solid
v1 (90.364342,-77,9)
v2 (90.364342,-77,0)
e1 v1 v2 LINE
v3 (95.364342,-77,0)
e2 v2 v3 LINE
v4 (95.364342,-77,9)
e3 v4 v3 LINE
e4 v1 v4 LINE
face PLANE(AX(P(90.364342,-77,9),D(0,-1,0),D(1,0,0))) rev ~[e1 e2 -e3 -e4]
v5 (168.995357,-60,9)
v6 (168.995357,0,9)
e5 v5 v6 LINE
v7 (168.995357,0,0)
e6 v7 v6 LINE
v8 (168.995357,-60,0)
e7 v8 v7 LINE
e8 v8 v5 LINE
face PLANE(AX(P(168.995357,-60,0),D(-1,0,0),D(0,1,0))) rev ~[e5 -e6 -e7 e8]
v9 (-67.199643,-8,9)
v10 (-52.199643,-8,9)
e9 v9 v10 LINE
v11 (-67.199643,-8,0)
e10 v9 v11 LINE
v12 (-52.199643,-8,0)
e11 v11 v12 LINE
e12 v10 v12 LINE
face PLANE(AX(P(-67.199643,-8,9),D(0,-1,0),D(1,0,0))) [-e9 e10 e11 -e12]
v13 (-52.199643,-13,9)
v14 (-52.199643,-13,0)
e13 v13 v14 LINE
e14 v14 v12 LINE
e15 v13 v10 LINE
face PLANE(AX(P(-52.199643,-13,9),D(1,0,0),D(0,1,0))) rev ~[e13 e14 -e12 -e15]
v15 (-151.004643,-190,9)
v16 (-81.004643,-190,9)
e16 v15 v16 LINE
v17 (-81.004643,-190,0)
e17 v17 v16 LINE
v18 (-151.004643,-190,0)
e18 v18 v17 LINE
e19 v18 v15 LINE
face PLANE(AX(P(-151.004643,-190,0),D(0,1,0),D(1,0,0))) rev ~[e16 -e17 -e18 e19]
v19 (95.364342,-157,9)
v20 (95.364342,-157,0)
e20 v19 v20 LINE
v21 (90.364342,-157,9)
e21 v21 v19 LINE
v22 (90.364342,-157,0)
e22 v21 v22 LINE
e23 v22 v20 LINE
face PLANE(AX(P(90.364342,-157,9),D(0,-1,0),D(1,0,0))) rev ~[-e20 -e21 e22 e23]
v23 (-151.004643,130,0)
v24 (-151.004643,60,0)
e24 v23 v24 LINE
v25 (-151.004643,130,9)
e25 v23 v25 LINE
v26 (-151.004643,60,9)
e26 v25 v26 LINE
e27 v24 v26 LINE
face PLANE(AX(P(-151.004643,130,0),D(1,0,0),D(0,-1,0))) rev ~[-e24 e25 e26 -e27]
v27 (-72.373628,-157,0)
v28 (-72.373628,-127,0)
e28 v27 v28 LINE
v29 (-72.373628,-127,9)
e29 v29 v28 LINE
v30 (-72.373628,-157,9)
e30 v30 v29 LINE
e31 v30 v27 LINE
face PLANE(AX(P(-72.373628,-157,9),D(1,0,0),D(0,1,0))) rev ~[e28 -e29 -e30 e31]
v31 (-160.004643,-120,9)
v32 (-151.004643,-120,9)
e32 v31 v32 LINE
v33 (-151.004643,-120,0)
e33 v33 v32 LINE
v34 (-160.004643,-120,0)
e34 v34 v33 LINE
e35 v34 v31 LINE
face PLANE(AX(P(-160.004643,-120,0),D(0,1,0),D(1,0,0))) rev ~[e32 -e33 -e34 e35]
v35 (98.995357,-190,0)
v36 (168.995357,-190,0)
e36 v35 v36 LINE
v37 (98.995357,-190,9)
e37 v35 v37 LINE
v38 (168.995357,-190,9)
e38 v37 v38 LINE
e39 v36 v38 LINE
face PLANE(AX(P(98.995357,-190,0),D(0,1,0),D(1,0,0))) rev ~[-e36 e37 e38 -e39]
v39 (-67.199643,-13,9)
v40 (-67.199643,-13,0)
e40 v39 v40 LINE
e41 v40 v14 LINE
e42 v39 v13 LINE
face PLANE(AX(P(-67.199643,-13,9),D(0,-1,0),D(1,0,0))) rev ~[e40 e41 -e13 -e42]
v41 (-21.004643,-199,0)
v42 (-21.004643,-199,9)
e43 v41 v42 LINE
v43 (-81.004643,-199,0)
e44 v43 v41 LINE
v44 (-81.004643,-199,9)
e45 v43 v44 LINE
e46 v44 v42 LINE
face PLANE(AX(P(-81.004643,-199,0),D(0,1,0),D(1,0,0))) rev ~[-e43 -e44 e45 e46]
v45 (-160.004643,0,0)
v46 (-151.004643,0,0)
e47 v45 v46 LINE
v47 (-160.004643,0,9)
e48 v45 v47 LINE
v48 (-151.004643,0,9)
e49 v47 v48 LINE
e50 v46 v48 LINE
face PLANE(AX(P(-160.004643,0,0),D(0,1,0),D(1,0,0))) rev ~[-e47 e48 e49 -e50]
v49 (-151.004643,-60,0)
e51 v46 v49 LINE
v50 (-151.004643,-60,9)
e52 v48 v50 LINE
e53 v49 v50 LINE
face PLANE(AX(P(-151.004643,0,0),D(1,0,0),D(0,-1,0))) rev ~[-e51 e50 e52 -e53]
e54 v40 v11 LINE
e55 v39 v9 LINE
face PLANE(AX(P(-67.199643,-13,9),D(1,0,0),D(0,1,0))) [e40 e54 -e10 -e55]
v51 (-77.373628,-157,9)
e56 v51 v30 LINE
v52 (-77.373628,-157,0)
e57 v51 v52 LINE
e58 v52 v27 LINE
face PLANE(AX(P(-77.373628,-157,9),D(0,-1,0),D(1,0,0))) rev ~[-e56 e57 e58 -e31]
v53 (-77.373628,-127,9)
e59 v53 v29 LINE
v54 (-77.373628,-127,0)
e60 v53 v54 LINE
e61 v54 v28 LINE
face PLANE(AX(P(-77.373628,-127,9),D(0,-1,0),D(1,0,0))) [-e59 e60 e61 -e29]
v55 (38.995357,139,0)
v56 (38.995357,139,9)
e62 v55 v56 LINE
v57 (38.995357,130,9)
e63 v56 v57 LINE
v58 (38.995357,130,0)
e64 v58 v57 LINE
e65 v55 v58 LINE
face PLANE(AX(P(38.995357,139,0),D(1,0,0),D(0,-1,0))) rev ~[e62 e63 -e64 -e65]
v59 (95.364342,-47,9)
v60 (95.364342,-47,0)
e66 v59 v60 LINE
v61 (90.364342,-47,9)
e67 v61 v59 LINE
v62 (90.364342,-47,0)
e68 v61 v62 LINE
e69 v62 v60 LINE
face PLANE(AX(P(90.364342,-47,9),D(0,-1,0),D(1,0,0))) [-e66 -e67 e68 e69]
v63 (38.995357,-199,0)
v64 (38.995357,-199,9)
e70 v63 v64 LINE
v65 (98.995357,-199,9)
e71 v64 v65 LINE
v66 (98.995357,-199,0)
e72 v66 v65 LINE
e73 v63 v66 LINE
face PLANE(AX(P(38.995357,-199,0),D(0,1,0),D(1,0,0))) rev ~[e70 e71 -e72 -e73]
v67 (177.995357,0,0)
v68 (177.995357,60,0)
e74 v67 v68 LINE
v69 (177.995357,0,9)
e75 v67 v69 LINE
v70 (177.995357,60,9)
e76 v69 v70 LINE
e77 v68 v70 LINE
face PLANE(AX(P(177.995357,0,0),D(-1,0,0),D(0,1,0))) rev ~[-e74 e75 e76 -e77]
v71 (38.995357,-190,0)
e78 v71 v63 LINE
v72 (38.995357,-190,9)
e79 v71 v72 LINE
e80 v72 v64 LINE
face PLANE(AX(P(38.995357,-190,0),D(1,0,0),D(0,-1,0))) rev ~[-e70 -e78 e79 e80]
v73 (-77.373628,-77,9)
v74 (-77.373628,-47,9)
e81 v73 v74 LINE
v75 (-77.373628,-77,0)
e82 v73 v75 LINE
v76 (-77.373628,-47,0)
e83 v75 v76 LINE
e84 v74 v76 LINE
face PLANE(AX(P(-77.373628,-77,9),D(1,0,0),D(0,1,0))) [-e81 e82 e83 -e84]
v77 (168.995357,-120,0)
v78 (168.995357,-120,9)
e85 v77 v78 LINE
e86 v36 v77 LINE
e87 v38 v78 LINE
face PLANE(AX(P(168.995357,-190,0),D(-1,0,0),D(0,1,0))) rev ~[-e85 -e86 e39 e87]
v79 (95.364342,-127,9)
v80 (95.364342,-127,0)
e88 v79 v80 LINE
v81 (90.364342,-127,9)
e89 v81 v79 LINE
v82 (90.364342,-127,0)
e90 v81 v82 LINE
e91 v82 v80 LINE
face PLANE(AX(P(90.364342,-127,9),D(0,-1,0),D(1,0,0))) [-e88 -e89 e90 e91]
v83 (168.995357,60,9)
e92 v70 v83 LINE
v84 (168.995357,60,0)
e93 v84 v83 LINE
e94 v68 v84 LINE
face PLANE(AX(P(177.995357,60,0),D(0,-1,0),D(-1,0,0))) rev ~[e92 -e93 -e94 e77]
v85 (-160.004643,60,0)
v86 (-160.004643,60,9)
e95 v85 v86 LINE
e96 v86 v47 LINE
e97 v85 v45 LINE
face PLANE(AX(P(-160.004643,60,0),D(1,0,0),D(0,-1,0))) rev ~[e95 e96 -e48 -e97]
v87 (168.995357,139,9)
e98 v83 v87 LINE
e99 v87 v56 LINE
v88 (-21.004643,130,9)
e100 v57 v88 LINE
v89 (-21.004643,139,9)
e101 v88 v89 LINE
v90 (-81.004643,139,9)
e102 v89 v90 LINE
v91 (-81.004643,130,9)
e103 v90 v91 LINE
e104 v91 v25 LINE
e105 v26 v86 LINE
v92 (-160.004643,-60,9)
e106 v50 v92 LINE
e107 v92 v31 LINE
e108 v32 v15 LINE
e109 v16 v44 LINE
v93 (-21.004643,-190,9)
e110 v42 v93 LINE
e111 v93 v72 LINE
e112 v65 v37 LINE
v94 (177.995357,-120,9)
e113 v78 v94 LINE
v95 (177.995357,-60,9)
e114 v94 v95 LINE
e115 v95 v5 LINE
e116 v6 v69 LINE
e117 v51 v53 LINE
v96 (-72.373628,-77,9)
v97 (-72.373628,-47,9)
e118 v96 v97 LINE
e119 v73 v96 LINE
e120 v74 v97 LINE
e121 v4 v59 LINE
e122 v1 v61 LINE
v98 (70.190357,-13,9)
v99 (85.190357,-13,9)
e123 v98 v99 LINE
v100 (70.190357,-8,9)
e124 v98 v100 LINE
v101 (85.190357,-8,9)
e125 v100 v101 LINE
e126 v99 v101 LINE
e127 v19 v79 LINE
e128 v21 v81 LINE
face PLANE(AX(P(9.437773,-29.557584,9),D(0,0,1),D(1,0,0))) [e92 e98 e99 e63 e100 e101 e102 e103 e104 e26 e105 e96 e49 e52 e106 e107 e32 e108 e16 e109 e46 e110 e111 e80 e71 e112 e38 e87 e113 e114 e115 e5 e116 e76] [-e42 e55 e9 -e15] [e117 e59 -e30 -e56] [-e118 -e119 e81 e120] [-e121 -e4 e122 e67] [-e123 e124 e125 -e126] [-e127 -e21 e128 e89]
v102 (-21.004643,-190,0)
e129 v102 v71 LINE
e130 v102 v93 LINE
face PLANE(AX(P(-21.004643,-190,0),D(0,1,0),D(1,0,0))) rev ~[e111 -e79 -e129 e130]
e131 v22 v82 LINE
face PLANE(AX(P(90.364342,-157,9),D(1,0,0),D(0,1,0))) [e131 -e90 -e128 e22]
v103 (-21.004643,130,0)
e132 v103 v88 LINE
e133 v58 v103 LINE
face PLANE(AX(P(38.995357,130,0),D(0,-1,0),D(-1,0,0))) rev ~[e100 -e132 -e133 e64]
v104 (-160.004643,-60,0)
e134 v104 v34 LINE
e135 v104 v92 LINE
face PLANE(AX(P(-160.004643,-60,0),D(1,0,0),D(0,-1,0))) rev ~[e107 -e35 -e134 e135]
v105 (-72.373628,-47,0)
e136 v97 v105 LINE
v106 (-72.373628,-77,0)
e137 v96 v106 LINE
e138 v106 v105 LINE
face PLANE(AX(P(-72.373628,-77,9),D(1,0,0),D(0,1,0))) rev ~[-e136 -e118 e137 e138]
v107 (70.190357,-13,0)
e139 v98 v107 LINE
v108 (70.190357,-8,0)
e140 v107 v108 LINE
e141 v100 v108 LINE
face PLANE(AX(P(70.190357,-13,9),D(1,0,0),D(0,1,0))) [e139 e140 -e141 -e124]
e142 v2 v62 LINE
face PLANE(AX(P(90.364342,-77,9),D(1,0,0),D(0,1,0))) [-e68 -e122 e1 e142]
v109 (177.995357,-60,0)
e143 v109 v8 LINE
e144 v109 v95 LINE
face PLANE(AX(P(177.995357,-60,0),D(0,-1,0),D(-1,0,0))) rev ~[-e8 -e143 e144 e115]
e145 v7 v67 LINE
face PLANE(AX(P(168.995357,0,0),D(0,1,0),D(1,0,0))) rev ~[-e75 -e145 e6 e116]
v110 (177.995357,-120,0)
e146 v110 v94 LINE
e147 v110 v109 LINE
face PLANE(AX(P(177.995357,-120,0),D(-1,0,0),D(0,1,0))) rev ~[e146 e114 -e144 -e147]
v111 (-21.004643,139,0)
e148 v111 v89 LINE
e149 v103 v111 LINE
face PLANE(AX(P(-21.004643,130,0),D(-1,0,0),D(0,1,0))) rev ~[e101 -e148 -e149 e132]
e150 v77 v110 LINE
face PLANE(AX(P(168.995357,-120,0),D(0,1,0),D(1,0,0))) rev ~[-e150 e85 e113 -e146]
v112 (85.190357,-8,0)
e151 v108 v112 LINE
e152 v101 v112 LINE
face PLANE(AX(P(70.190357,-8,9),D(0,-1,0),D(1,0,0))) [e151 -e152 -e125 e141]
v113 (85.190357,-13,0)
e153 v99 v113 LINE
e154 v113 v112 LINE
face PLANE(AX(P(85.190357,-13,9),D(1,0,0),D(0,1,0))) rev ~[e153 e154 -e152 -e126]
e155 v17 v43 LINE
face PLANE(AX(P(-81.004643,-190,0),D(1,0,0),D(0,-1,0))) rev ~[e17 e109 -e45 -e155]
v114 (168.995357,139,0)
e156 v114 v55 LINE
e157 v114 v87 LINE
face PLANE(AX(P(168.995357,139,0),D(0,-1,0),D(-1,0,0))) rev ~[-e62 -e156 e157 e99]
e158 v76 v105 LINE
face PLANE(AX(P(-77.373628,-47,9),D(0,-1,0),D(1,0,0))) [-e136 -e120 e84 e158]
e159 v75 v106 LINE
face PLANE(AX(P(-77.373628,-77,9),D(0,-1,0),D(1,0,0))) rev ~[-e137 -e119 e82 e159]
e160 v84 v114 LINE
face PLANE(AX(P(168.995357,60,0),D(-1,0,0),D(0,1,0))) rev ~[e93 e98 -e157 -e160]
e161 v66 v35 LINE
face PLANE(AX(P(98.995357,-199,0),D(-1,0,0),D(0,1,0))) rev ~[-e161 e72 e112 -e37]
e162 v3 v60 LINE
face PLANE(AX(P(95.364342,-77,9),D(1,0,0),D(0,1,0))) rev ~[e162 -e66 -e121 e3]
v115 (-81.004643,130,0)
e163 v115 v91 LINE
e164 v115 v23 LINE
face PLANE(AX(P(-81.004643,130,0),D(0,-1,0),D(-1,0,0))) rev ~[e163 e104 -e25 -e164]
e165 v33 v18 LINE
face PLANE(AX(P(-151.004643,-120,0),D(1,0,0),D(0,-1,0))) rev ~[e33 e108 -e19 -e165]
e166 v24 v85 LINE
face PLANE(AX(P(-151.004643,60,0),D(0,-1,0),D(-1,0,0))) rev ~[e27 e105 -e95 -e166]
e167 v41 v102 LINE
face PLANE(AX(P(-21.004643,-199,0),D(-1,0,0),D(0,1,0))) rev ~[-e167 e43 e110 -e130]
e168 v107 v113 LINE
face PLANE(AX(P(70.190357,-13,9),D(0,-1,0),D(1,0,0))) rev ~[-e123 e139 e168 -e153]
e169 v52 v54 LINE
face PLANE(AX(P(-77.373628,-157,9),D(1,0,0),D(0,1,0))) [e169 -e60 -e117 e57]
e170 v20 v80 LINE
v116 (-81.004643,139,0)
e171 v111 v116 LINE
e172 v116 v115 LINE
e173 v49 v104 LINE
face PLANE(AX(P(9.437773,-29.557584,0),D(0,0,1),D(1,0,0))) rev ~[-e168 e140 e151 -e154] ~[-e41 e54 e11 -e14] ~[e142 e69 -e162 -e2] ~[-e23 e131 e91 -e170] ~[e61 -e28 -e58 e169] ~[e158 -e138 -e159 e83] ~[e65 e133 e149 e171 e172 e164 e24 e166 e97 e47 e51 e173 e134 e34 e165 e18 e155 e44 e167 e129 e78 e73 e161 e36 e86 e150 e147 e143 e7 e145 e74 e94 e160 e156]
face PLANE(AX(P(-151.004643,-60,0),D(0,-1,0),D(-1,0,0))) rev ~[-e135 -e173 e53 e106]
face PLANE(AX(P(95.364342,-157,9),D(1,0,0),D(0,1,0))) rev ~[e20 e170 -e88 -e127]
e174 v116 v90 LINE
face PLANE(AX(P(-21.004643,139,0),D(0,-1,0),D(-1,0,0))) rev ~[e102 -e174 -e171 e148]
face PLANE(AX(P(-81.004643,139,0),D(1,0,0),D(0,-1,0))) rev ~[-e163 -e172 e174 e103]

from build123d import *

# Parameters (mm, degrees)
BOSS_EXTRUDE1_DEPTH = 9
SKETCH5_W           = 5
SKETCH5_H           = 30
SKETCH5_W_2         = 15
SKETCH5_H_2         = 5
CUT_EXTRUDE2_DEPTH  = 9


with BuildPart() as part:
    # Sketch2 → Boss-Extrude1 (new body)
    with BuildSketch(Plane.XY):
        Polygon((-151.004642906, 60), (-160.004642906, 60), (-160.004642906, 0), (-151.004642906, 0), (-151.004642906, -60), (-160.004642906, -60), (-160.004642906, -120), (-151.004642906, -120), (-151.004642906, -190), (-81.004642906, -190), (-81.004642906, -199), (-21.004642906, -199), (-21.004642906, -190), (38.995357094, -190), (38.995357094, -199), (98.995357094, -199), (98.995357094, -190), (168.995357094, -190), (168.995357094, -120), (177.995357094, -120), (177.995357094, -60), (168.995357094, -60), (168.995357094, 0), (177.995357094, 0), (177.995357094, 60), (168.995357094, 60), (168.995357094, 130), (168.995357094, 139), (98.995357094, 139), (38.995357094, 139), (38.995357094, 130), (-21.004642906, 130), (-21.004642906, 139), (-81.004642906, 139), (-81.004642906, 130), (-151.004642906, 130), align=None)
    extrude(amount=BOSS_EXTRUDE1_DEPTH)

    # Sketch5 → Cut-Extrude2 (cut)
    with BuildSketch(Plane.XY.offset(9)):
        with Locations((92.864342421, -142)):
            Rectangle(SKETCH5_W, SKETCH5_H)
        with Locations((-59.699642906, -10.5)):
            Rectangle(SKETCH5_W_2, SKETCH5_H_2)
        with Locations((-74.873628233, -62)):
            Rectangle(SKETCH5_W, SKETCH5_H)
        with Locations((-74.873628233, -142)):
            Rectangle(SKETCH5_W, SKETCH5_H)
        with Locations((92.864342421, -62)):
            Rectangle(SKETCH5_W, SKETCH5_H)
        with Locations((77.690357094, -10.5)):
            Rectangle(SKETCH5_W_2, SKETCH5_H_2)
    extrude(amount=-CUT_EXTRUDE2_DEPTH, mode=Mode.SUBTRACT)


solid = part.part
